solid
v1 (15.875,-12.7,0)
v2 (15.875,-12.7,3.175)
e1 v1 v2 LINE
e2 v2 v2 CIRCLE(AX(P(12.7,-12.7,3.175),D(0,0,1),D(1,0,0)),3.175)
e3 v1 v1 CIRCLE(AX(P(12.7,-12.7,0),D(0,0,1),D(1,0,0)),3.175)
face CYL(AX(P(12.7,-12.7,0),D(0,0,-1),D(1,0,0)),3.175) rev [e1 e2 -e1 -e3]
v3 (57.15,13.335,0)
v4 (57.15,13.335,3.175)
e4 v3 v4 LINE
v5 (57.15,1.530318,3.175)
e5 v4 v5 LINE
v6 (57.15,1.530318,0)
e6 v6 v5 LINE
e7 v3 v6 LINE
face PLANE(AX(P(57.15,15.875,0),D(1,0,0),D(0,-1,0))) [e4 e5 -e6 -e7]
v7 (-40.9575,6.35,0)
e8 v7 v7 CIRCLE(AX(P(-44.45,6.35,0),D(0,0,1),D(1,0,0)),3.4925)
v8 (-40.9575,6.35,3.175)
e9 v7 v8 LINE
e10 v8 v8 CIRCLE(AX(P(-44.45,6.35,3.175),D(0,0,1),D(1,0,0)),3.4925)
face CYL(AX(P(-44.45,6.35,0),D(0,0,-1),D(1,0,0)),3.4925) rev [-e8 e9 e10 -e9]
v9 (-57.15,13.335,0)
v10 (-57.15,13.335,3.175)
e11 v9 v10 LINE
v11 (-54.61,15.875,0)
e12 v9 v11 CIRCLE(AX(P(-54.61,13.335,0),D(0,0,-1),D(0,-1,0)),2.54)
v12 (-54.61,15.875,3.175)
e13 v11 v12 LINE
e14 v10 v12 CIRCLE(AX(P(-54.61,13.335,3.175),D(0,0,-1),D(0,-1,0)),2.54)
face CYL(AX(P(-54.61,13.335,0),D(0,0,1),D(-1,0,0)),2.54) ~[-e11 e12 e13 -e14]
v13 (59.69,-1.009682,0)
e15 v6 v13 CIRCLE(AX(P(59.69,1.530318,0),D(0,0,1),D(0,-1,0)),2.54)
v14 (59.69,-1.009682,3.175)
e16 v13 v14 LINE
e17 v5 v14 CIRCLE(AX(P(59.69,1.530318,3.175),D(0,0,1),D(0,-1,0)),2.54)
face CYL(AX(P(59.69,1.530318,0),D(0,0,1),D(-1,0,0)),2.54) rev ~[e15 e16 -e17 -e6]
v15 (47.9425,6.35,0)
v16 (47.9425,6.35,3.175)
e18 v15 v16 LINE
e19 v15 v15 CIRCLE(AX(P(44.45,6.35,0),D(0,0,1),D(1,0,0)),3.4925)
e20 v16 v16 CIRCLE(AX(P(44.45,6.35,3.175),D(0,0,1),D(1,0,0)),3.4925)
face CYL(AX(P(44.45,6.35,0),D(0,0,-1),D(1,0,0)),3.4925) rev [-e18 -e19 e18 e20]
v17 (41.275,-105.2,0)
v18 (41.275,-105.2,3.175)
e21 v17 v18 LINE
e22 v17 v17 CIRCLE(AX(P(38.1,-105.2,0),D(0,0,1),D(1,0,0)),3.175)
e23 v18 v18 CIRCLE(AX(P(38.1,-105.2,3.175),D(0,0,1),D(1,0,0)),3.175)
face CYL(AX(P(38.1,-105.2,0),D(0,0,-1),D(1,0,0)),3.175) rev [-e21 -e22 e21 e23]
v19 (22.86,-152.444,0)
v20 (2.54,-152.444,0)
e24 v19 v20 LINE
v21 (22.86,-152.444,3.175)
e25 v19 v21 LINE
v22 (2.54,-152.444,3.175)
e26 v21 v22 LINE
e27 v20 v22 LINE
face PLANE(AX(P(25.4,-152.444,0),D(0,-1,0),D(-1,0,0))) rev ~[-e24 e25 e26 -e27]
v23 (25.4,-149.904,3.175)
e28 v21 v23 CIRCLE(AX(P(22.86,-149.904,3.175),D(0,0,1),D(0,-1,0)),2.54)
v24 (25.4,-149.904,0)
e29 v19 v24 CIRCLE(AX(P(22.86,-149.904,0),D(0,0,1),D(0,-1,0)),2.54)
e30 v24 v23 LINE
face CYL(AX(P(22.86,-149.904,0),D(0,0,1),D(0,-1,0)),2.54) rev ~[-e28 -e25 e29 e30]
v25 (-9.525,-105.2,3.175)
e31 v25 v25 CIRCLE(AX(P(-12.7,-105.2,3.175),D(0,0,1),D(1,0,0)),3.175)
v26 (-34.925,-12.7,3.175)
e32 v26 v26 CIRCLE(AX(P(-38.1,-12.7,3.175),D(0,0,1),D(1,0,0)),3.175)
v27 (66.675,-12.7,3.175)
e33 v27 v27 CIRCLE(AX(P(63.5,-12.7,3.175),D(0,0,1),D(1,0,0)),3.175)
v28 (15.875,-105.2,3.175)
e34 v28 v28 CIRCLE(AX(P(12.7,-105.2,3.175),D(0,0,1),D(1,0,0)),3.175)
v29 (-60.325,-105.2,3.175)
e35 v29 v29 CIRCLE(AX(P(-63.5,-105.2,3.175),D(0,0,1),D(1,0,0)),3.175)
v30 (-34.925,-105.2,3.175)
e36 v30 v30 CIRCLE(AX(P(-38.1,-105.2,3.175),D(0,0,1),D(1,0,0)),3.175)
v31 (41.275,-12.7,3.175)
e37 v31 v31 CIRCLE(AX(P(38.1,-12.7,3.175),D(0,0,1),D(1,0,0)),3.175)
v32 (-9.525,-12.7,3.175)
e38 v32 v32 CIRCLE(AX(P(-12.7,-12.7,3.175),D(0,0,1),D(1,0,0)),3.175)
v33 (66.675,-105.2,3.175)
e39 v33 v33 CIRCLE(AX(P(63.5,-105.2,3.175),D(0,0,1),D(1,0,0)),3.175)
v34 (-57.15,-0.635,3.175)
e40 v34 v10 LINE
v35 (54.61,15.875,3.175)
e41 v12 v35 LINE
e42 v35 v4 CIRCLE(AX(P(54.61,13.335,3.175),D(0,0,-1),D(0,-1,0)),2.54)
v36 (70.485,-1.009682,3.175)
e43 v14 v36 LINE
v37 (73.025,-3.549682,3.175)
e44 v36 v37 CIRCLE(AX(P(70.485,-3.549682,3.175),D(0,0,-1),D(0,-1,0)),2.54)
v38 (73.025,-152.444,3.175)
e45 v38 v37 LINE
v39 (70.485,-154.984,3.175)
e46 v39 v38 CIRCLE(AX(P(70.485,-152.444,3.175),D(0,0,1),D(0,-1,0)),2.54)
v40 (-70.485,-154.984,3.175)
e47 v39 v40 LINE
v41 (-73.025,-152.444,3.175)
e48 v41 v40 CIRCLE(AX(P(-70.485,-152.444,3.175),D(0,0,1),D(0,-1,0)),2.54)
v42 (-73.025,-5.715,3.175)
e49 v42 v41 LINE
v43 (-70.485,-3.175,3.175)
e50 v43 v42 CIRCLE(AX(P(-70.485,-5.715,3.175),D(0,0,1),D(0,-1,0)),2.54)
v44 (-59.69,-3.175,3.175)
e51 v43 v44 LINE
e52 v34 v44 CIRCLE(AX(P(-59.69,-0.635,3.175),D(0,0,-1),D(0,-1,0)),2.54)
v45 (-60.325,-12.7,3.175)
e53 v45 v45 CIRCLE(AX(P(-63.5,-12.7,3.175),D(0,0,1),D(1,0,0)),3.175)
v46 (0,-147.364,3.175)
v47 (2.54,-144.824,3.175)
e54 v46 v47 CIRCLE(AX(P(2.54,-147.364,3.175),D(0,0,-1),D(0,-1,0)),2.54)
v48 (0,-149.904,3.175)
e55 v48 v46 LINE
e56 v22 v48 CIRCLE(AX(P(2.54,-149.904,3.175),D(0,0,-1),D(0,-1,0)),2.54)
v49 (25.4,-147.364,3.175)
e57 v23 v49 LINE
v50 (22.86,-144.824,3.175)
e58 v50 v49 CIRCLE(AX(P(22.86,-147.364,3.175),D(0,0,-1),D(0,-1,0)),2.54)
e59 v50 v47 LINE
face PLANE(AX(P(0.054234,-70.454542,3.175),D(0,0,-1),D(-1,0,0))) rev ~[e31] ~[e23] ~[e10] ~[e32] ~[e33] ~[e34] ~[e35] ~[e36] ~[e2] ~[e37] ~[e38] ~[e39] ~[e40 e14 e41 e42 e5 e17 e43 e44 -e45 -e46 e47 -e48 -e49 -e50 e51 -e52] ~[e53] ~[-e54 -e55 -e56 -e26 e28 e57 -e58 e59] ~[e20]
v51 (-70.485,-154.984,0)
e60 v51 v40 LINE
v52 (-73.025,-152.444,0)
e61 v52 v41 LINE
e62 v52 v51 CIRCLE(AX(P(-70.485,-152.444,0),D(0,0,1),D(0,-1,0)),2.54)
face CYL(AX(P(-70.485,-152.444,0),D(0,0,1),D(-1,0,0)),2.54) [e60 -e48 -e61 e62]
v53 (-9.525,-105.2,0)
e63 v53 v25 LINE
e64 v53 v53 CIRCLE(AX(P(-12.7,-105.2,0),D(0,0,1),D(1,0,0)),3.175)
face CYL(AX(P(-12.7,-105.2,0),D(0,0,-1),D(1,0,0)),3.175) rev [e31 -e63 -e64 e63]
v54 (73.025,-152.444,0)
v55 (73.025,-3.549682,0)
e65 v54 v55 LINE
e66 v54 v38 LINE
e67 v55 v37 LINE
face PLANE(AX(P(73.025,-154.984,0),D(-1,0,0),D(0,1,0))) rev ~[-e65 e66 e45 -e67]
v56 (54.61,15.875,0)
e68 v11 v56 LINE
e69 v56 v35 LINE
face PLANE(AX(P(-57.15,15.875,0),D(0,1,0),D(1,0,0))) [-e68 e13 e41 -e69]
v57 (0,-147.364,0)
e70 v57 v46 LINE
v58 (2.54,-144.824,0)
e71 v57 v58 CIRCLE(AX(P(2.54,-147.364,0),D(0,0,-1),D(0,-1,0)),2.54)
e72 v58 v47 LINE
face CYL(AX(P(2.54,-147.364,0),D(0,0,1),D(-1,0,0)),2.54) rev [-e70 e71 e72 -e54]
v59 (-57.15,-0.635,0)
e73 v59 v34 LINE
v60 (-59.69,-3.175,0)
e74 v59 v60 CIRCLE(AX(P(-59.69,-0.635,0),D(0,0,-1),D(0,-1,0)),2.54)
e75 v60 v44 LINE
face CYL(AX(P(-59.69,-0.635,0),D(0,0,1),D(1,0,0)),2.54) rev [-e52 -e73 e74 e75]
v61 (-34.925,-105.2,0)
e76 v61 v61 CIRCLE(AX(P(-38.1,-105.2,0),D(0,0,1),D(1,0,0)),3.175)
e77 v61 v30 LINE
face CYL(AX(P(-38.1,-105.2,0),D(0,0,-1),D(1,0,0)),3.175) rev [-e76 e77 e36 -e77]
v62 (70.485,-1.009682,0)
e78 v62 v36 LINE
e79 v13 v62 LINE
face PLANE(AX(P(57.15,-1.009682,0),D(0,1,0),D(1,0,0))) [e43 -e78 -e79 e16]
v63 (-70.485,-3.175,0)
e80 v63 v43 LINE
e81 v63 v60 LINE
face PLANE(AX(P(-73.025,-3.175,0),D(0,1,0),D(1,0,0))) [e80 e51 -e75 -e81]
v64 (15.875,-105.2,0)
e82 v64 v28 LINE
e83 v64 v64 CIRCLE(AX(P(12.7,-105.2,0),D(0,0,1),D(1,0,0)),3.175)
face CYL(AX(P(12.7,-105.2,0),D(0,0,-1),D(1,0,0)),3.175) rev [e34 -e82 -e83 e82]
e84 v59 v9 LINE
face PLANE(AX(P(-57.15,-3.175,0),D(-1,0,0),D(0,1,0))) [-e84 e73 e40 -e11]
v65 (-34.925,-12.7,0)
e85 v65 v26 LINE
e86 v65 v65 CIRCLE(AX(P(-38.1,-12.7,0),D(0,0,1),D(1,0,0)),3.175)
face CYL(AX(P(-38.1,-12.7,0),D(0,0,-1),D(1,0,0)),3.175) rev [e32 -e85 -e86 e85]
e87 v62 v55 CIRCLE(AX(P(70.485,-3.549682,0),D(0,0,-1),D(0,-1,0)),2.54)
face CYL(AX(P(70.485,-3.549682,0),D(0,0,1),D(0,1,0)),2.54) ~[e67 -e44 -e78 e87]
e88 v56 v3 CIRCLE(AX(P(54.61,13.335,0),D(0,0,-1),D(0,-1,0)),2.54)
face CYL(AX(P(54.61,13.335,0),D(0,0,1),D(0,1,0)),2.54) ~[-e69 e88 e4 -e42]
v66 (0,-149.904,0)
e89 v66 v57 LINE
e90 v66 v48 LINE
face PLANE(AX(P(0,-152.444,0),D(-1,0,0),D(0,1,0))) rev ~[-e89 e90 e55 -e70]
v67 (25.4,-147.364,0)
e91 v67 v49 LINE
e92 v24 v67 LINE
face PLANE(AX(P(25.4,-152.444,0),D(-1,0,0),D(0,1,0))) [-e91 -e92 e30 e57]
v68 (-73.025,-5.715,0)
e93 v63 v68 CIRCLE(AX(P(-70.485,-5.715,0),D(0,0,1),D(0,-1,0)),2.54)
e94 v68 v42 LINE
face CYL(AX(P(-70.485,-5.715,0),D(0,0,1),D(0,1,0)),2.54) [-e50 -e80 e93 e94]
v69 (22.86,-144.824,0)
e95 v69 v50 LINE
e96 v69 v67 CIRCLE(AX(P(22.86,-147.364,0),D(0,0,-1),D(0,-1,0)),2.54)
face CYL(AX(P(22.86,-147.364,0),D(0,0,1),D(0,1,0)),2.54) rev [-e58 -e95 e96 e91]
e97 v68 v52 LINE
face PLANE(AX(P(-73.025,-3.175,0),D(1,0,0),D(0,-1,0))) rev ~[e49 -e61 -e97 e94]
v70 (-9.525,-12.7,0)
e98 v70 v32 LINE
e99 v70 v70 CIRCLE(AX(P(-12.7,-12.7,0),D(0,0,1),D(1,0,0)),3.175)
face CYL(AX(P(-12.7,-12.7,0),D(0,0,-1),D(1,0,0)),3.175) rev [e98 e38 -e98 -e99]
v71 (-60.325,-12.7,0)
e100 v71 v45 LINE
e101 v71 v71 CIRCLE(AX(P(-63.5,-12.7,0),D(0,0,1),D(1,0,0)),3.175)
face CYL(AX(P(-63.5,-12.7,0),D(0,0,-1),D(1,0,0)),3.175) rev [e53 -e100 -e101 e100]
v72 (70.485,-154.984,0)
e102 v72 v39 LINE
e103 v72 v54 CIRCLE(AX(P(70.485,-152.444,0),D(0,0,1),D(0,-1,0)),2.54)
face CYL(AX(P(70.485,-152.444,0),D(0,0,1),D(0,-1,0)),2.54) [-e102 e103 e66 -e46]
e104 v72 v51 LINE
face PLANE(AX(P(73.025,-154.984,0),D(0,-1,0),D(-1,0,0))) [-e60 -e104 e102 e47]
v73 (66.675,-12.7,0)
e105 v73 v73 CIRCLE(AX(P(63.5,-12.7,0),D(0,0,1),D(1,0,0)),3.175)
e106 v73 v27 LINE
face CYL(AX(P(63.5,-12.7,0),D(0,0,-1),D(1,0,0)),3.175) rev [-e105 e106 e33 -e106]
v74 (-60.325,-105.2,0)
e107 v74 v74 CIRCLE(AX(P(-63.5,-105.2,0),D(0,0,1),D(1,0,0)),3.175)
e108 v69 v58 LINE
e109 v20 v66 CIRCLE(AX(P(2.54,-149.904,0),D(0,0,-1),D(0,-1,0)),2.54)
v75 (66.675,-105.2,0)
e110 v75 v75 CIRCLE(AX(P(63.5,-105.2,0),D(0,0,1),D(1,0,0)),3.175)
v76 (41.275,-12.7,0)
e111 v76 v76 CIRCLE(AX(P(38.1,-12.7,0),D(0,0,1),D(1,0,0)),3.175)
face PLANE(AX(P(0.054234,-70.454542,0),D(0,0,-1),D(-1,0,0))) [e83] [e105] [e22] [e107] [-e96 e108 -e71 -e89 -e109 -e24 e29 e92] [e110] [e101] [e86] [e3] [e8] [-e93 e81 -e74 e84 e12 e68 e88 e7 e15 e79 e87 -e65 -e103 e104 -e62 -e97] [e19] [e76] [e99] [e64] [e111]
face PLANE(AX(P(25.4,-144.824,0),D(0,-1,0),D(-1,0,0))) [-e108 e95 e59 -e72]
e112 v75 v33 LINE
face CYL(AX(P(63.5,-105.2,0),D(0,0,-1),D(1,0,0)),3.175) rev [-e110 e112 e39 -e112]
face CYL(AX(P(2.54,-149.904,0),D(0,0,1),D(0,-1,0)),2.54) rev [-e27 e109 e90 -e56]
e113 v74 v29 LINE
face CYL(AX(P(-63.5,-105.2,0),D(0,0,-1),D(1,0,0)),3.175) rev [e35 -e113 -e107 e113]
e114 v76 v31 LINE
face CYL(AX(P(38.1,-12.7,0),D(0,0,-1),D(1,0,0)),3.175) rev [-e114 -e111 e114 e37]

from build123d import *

# Parameters (mm, degrees)
SKETCH1_R           = 3.4925
SKETCH1_R_2         = 3.175
BOSS_EXTRUDE1_DEPTH = 3.175
FILLET2_R           = 2.54
FILLET3_R           = 2.54
SKETCH4_W           = 25.4
SKETCH4_H           = 7.62
CUT_EXTRUDE1_DEPTH  = 172.355687034
FILLET4_R           = 2.54


with BuildPart() as part:
    # Sketch1 → Boss-Extrude1 (new body)
    with BuildSketch(Plane.XY):
        Polygon((-57.15, -3.175), (-57.15, 15.875), (57.15, 15.875), (57.15, -1.009681966), (73.025, -1.009681966), (73.025, -27.559), (73.025, -154.983999912), (-73.025, -154.983999912), (-73.025, -27.559), (-73.025, -3.175), align=None)
        with Locations((-44.45, 6.35)):
            Circle(SKETCH1_R, mode=Mode.SUBTRACT)
        with Locations((44.45, 6.35)):
            Circle(SKETCH1_R, mode=Mode.SUBTRACT)
        with Locations((-63.5, -12.7)):
            Circle(SKETCH1_R_2, mode=Mode.SUBTRACT)
        with Locations((-38.1, -12.7)):
            Circle(SKETCH1_R_2, mode=Mode.SUBTRACT)
        with Locations((-12.7, -12.7)):
            Circle(SKETCH1_R_2, mode=Mode.SUBTRACT)
        with Locations((12.7, -12.7)):
            Circle(SKETCH1_R_2, mode=Mode.SUBTRACT)
        with Locations((38.1, -12.7)):
            Circle(SKETCH1_R_2, mode=Mode.SUBTRACT)
        with Locations((63.5, -12.7)):
            Circle(SKETCH1_R_2, mode=Mode.SUBTRACT)
        with Locations((-63.5, -105.199999912)):
            Circle(SKETCH1_R_2, mode=Mode.SUBTRACT)
        with Locations((-38.1, -105.199999912)):
            Circle(SKETCH1_R_2, mode=Mode.SUBTRACT)
        with Locations((-12.7, -105.199999912)):
            Circle(SKETCH1_R_2, mode=Mode.SUBTRACT)
        with Locations((12.7, -105.199999912)):
            Circle(SKETCH1_R_2, mode=Mode.SUBTRACT)
        with Locations((38.1, -105.199999912)):
            Circle(SKETCH1_R_2, mode=Mode.SUBTRACT)
        with Locations((63.5, -105.199999912)):
            Circle(SKETCH1_R_2, mode=Mode.SUBTRACT)
    extrude(amount=BOSS_EXTRUDE1_DEPTH)

    # Fillet2
    fillet2_edges = [part.edges().sort_by_distance(p)[0] for p in [
        (-73.025, -154.983999912, 1.5875),
        (-73.025, -3.175, 1.5875),
        (-57.15, 15.875, 1.5875),
        (57.15, 15.875, 1.5875),
        (73.025, -1.009681966, 1.5875),
        (73.025, -154.983999912, 1.5875),
    ]]
    fillet(fillet2_edges, radius=FILLET2_R)

    # Fillet3
    fillet3_edges = [part.edges().sort_by_distance(p)[0] for p in [
        (-57.15, -3.175, 1.5875),
        (57.15, -1.009681966, 1.5875),
    ]]
    fillet(fillet3_edges, radius=FILLET3_R)

    # Sketch4 → Cut-Extrude1 (cut, through all)
    with BuildSketch(Plane(origin=(0, 0, 0), x_dir=(-1, 0, 0), z_dir=(0, 0, -1))):
        with Locations((-12.7, -148.633999912)):
            Rectangle(SKETCH4_W, SKETCH4_H)
    extrude(amount=-CUT_EXTRUDE1_DEPTH, mode=Mode.SUBTRACT)

    # Fillet4
    fillet4_edges = [part.edges().sort_by_distance(p)[0] for p in [
        (0, -144.823999912, 1.5875),
        (0, -152.443999912, 1.5875),
        (25.4, -152.443999912, 1.5875),
        (25.4, -144.823999912, 1.5875),
    ]]
    fillet(fillet4_edges, radius=FILLET4_R)


solid = part.part
